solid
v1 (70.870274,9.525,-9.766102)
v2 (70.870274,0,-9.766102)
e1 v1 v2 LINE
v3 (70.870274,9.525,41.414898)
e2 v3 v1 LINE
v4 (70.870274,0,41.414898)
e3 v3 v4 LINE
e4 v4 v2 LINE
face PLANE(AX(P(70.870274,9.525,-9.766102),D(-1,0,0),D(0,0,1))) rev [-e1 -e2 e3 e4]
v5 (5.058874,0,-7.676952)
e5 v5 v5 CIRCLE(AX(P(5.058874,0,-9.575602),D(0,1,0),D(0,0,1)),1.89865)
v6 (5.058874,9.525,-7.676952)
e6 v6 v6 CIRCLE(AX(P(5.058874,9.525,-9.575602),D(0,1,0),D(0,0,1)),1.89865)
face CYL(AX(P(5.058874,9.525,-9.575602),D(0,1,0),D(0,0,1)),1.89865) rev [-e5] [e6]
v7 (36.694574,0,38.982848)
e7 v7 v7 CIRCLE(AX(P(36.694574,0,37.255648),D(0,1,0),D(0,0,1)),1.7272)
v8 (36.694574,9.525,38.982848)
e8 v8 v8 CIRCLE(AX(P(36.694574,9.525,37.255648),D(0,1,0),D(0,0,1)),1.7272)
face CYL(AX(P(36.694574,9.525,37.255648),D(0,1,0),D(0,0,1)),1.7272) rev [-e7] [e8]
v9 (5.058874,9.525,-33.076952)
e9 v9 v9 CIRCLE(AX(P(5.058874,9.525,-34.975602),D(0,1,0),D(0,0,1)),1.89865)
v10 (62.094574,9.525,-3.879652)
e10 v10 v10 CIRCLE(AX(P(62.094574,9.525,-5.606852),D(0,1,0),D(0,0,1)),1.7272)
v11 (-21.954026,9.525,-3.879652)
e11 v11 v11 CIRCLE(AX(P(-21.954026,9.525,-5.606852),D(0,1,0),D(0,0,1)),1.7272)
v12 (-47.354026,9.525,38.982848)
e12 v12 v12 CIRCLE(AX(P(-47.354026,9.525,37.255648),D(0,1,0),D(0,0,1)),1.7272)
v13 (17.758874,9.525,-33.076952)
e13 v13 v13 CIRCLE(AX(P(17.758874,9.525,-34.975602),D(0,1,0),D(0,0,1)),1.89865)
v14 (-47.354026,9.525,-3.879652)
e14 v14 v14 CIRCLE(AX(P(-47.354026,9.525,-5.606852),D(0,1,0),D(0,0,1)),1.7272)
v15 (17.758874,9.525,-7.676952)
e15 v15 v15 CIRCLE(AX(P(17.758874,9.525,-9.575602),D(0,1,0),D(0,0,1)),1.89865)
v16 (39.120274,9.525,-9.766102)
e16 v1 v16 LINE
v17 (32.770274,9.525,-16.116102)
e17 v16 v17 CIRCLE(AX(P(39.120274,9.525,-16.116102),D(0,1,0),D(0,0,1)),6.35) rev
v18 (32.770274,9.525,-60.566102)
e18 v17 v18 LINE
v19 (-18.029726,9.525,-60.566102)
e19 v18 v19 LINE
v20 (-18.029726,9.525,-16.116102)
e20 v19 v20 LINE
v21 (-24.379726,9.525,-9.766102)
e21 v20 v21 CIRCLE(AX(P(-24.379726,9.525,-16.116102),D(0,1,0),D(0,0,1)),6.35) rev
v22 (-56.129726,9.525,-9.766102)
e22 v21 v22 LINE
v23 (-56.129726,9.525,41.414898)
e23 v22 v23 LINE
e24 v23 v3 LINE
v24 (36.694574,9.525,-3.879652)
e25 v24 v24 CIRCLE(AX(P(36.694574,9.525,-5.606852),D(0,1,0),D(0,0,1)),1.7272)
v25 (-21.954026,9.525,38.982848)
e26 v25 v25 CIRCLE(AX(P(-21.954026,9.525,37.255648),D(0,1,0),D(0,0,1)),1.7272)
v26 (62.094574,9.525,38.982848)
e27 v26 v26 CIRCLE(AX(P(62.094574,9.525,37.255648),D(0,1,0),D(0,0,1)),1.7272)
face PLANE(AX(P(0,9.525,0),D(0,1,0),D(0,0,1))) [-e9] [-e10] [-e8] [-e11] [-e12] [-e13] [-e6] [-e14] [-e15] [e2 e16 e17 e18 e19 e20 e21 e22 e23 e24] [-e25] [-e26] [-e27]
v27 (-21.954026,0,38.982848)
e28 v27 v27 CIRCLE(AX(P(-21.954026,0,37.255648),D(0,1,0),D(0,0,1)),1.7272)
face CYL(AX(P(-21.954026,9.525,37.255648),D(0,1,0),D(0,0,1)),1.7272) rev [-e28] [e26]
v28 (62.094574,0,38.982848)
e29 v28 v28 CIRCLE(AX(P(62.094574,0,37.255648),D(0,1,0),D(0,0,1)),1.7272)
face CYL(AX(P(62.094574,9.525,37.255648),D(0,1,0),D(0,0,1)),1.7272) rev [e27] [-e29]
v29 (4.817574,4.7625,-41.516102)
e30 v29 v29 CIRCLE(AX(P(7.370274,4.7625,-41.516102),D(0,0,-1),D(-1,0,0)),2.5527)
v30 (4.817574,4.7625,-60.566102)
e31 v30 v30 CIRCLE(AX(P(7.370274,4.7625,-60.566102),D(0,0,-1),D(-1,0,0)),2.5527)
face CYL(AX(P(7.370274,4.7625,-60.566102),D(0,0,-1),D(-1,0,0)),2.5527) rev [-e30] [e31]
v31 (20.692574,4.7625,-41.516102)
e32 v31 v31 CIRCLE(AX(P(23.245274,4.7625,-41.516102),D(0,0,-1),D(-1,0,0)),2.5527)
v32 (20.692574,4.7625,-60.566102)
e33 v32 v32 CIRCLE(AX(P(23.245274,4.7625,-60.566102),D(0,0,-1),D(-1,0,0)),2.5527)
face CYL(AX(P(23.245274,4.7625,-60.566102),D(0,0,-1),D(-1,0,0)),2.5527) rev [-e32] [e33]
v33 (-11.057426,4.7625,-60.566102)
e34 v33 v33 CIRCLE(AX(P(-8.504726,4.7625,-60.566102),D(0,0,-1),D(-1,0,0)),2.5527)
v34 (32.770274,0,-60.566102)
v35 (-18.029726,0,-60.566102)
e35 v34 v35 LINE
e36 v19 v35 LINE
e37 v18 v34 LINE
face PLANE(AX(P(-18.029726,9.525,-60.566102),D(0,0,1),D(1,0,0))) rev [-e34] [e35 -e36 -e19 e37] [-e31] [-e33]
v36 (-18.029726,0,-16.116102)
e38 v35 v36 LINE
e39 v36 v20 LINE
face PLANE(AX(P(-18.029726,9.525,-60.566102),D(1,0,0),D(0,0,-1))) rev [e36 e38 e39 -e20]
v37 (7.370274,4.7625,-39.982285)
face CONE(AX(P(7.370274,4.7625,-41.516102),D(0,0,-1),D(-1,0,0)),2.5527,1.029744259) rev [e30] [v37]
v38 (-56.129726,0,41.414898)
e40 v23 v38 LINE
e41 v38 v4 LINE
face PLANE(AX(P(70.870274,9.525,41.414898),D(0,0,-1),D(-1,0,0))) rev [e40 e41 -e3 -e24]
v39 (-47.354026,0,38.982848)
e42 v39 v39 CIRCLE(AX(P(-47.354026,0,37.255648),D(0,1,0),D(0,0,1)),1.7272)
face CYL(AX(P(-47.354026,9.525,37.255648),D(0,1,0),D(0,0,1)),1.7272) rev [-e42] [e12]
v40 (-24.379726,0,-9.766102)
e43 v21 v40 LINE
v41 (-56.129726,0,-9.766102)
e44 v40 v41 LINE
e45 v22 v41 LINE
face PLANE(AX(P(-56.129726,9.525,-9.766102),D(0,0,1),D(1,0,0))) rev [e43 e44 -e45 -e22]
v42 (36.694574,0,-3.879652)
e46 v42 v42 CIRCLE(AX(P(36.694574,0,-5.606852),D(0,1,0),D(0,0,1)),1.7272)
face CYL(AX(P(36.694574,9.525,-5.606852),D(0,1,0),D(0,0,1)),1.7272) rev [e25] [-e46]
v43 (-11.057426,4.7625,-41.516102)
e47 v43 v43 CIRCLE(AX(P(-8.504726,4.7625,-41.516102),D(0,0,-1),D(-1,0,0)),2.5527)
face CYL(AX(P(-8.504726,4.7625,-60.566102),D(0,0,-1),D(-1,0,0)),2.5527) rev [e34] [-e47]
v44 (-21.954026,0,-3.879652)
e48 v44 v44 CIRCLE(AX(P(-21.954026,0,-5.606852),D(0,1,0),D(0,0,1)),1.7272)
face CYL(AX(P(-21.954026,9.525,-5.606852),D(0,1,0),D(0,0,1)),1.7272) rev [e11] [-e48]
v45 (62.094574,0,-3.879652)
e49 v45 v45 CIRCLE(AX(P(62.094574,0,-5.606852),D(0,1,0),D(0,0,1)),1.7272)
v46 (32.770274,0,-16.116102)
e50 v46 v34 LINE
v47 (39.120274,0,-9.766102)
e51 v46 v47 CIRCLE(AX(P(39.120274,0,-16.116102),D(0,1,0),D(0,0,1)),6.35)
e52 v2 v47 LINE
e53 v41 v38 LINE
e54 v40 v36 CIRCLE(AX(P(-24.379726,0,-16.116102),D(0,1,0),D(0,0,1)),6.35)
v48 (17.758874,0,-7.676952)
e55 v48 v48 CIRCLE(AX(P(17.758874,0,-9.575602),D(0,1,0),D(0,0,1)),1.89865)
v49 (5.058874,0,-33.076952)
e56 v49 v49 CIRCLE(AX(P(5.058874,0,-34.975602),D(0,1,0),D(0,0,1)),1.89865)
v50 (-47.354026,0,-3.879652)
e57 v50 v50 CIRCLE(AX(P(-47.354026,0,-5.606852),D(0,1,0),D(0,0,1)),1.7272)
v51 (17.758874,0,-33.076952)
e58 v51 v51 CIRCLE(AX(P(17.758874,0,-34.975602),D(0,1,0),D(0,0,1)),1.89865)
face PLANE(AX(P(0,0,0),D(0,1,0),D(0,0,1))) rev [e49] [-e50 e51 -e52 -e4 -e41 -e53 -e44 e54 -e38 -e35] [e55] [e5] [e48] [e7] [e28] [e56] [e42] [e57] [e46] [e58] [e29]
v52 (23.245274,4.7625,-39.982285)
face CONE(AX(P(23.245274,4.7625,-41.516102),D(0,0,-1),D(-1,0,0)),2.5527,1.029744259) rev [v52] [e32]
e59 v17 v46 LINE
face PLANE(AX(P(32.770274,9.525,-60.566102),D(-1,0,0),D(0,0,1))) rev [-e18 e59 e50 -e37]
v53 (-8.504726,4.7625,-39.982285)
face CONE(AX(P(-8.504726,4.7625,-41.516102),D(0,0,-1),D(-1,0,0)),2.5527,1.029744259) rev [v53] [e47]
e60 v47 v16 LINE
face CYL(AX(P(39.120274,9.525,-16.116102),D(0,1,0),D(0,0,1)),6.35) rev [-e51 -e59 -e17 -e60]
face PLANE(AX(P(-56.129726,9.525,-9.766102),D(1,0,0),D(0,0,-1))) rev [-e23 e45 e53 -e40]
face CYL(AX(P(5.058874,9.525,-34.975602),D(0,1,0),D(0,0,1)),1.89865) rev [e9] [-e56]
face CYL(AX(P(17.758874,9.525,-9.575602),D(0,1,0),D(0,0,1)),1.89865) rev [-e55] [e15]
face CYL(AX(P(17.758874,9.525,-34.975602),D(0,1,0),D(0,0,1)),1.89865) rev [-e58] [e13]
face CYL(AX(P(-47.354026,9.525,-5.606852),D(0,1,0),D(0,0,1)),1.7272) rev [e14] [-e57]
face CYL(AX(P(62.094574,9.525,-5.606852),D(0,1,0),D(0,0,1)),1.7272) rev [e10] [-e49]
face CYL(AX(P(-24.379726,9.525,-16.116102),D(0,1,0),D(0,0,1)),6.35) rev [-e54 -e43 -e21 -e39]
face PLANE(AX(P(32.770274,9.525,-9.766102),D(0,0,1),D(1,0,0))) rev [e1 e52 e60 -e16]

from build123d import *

# Parameters (mm, degrees)
BOSS_EXTRUDE1_DEPTH         = 9.525
F_8_32_TAPPED_HOLE1_D       = 3.4544
F_10_24_TAPPED_HOLE1_D      = 3.7973
F_1_4_20_TAPPED_HOLE1_D     = 5.1054
F_1_4_20_TAPPED_HOLE1_DEPTH = 19.05
F_1_4_20_TAPPED_HOLE1_TIP   = 1.533816902
FILLET1_R                   = 6.35


with BuildPart() as part:
    # Sketch1 → Boss-Extrude1 (new body)
    with BuildSketch(Plane(origin=(0, 0, 0), x_dir=(1, 0, 0), z_dir=(0, 1, 0))):
        Polygon((32.770273681, 9.766101756), (70.870273681, 9.766101756), (70.870273681, -41.414898244), (-56.129726319, -41.414898244), (-56.129726319, 9.766101756), (-18.029726319, 9.766101756), (-18.029726319, 60.566101756), (32.770273681, 60.566101756), align=None)
    extrude(amount=BOSS_EXTRUDE1_DEPTH)

    # #8-32 Tapped Hole1 (through all)
    with Locations(Plane(origin=(0, 9.525, 0), x_dir=(1, 0, 0), z_dir=(0, 1, 0))):
        with Locations((-47.354026319, 5.606851756), (-47.354026319, -37.255648244), (-21.954026319, -37.255648244), (-21.954026319, 5.606851756), (62.094573681, 5.606851756), (62.094573681, -37.255648244), (36.694573681, -37.255648244), (36.694573681, 5.606851756)):
            Hole(F_8_32_TAPPED_HOLE1_D / 2)

    # #10-24 Tapped Hole1 (through all)
    with Locations(Plane(origin=(0, 9.525, 0), x_dir=(1, 0, 0), z_dir=(0, 1, 0))):
        with Locations((5.058873681, 34.975601756), (17.758873681, 34.975601756), (5.058873681, 9.575601756), (17.758873681, 9.575601756)):
            Hole(F_10_24_TAPPED_HOLE1_D / 2)

    # 1/4-20 Tapped Hole1
    with Locations(Plane(origin=(0, 0, -60.566101756), x_dir=(-1, 0, 0), z_dir=(0, 0, -1))):
        with Locations((8.504726319, 4.7625), (-7.370273681, 4.7625), (-23.245273681, 4.7625)):
            Hole(F_1_4_20_TAPPED_HOLE1_D / 2, depth=F_1_4_20_TAPPED_HOLE1_DEPTH)
            with Locations((0, 0, -(F_1_4_20_TAPPED_HOLE1_DEPTH + F_1_4_20_TAPPED_HOLE1_TIP / 2))):  # 118° drill point
                Cone(0, F_1_4_20_TAPPED_HOLE1_D / 2, F_1_4_20_TAPPED_HOLE1_TIP, mode=Mode.SUBTRACT)

    # Fillet1
    fillet1_edges = [part.edges().sort_by_distance(p)[0] for p in [
        (32.770273681, 4.7625, -9.766101756),
        (-18.029726319, 4.7625, -9.766101756),
    ]]
    fillet(fillet1_edges, radius=FILLET1_R)


solid = part.part
